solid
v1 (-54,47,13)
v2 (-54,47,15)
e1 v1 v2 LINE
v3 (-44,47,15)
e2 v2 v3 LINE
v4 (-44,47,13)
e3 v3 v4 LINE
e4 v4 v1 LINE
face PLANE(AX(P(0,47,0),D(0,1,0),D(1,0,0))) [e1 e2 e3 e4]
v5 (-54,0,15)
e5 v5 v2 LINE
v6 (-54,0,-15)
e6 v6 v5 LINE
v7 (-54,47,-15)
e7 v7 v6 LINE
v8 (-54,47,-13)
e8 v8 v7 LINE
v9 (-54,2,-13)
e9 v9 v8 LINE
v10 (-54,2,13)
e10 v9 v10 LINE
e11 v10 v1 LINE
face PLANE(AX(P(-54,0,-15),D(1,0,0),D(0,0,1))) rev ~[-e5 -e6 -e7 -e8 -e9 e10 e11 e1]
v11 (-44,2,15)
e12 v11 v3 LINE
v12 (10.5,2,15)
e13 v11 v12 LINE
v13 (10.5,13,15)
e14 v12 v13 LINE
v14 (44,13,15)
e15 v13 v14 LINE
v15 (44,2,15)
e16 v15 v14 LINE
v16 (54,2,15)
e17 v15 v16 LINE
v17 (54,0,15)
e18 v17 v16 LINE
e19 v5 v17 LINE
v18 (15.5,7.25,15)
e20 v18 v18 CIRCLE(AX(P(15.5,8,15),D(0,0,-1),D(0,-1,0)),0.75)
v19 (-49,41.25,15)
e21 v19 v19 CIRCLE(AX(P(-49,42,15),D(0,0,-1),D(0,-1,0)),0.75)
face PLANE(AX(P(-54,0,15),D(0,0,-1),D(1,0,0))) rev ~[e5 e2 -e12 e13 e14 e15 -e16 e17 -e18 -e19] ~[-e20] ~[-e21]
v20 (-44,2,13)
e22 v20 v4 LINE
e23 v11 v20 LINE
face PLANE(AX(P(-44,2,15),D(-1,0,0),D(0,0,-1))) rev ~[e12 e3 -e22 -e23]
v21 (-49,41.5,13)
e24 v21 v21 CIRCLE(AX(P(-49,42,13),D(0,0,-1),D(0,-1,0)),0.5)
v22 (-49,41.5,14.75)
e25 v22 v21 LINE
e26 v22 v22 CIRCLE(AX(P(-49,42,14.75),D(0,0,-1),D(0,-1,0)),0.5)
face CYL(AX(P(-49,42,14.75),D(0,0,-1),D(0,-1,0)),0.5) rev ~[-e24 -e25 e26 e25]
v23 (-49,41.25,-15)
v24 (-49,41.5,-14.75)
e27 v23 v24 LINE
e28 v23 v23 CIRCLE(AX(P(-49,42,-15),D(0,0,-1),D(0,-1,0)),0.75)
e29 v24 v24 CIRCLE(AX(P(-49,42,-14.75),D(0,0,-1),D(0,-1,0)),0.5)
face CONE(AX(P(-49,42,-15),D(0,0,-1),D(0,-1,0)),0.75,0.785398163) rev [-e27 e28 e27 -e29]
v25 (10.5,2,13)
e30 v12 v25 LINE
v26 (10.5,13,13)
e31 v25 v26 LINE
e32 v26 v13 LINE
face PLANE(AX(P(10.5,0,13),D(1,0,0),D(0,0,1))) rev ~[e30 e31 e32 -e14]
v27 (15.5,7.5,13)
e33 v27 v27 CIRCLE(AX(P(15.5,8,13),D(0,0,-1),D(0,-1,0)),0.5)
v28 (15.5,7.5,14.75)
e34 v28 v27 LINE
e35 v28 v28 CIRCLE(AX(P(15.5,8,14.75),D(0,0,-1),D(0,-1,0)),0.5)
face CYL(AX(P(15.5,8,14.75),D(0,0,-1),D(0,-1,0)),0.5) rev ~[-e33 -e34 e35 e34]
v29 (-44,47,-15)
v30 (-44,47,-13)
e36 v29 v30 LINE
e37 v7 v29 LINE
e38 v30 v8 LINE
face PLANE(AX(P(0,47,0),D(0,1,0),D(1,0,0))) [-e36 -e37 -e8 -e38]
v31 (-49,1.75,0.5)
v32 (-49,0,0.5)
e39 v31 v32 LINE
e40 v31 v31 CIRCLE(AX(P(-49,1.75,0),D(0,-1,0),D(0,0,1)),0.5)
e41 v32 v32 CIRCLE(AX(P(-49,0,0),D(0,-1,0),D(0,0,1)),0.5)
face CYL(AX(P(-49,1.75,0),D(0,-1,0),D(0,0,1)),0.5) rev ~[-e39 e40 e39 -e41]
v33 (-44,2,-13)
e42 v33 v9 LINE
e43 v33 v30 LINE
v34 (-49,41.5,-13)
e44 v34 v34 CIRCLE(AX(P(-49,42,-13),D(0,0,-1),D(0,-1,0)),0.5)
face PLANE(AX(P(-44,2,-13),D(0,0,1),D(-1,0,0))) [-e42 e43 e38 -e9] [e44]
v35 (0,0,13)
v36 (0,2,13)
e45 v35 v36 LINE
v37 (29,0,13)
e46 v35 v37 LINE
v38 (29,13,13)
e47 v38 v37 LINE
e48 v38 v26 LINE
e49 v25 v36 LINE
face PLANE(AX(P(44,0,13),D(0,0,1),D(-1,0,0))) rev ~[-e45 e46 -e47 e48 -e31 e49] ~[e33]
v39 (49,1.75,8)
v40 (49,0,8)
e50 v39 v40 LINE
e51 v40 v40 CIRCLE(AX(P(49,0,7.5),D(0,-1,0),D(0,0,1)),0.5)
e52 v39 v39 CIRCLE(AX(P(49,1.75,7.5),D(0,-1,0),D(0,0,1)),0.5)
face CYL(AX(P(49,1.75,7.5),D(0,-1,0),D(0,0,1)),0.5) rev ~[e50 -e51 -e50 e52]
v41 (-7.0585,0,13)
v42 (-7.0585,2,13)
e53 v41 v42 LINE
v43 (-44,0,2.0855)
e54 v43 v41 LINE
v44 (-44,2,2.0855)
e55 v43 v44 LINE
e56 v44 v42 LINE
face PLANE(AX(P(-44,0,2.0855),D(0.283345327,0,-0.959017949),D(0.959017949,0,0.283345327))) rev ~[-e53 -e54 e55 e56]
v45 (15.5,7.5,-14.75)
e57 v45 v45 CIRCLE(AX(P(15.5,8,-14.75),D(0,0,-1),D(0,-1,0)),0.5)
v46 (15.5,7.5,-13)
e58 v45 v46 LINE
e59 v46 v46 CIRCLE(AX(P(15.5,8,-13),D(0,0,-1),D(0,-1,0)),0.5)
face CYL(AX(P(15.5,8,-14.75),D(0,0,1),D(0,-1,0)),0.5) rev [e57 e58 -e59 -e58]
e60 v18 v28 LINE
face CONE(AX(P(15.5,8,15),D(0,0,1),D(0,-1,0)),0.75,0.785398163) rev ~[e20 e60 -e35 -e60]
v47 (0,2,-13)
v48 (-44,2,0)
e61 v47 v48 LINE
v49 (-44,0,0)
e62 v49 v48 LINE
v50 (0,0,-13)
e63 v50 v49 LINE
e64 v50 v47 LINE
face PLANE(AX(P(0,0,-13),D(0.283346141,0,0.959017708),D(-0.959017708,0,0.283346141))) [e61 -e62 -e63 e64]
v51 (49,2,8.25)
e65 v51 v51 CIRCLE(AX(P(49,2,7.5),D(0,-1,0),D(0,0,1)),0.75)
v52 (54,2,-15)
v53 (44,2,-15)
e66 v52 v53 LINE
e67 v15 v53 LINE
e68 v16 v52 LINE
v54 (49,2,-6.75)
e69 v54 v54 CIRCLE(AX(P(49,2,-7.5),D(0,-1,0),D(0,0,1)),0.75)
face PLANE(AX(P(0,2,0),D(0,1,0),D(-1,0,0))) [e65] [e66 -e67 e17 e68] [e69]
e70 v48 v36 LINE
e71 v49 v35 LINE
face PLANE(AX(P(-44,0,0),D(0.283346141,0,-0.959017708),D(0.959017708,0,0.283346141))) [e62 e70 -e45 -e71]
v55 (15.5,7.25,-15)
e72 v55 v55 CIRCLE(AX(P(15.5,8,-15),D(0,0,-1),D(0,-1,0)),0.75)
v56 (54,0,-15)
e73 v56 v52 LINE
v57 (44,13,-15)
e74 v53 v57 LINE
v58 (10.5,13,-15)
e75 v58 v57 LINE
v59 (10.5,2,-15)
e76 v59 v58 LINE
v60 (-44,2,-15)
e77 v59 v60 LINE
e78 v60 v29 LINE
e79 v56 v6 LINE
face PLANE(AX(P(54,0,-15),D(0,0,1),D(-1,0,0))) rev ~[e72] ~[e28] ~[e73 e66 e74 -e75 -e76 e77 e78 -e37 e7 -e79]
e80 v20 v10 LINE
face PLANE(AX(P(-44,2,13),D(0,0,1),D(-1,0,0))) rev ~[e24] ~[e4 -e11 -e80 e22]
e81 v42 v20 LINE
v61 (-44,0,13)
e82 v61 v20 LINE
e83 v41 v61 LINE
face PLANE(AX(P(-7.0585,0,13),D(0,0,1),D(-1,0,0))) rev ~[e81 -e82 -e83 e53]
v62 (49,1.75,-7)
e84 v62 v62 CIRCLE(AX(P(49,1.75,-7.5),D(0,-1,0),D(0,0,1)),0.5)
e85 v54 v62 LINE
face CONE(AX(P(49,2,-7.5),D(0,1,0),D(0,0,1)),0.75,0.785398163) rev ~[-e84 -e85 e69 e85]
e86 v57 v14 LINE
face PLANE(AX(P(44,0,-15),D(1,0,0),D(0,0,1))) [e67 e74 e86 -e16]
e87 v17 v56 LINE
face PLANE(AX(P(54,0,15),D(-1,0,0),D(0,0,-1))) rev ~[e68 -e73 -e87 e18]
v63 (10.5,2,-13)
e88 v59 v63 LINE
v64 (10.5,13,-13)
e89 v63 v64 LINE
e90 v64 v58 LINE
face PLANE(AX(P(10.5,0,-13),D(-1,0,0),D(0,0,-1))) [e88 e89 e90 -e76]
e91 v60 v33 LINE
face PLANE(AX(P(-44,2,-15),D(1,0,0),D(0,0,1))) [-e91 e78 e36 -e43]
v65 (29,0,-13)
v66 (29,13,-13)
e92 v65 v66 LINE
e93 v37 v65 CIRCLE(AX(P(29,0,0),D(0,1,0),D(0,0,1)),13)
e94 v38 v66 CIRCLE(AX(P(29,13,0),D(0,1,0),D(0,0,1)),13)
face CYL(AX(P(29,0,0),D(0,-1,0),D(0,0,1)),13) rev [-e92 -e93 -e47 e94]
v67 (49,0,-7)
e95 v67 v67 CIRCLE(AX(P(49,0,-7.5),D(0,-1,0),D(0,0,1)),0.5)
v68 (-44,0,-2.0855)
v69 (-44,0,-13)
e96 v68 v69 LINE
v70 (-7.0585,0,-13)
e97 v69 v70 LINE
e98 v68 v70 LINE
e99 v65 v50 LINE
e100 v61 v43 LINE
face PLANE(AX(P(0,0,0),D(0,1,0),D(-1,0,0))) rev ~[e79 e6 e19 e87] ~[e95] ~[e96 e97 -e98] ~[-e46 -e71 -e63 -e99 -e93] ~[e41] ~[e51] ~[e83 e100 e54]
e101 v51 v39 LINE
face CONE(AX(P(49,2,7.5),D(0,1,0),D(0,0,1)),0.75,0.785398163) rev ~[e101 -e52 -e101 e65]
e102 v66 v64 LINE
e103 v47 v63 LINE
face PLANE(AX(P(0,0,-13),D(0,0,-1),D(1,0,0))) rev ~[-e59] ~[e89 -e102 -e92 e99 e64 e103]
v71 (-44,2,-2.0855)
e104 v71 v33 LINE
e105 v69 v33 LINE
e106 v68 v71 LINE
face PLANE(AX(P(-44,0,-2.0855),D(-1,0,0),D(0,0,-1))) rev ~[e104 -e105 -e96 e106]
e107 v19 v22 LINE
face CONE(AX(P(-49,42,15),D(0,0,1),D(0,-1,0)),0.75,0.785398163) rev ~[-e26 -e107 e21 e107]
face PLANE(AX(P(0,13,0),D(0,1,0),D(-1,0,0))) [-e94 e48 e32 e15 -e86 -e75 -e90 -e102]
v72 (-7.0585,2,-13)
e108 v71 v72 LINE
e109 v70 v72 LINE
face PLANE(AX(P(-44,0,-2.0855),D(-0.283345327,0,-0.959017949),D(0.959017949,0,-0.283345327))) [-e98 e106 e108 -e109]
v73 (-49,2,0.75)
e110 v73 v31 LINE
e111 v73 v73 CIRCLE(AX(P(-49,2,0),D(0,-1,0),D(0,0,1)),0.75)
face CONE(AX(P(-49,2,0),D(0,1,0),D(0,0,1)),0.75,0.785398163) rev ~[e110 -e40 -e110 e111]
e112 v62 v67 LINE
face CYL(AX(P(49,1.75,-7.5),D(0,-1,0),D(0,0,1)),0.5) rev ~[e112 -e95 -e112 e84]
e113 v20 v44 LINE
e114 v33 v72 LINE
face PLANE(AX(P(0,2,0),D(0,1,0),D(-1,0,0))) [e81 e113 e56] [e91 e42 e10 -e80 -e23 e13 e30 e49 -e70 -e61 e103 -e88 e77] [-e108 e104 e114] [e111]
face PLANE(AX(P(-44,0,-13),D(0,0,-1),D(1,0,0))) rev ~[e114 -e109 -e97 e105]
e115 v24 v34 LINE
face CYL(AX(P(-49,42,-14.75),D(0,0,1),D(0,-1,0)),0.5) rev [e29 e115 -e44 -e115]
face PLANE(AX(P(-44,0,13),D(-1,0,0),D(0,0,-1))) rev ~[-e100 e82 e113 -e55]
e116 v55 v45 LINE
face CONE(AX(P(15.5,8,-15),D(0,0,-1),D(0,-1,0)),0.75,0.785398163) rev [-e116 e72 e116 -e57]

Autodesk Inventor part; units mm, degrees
ref_plane "YZ Plane" through (0, 0, 0) normal (1, 0, 0) x (0, 1, 0)
ref_plane "XZ Plane" through (0, 0, 0) normal (0, 1, 0) x (-1, 0, 0)
ref_plane "XY Plane" through (0, 0, 0) normal (0, 0, 1) x (1, 0, 0)
sketch "Эскиз1" plane through (0, 0, 0) normal (0, 1, 0) x (-1, 0, 0)
  line L0 (54, 15) -> (-54, 15)
  line L1 (-54, 15) -> (-54, -15)
  line L2 (-54, -15) -> (54, -15)
  line L3 (54, -15) -> (54, 15)
  line L4 (-54, 15) -> (54, -15) construction
  line L5 (-54, -15) -> (54, 15) construction
  line L6 (0, -21) -> (0, 21) construction
  line L7 (44, -13) -> (7.0585, -13)
  line L8 (-44, -13) -> (-44, 13)
  line L9 (-44, 13) -> (0, 13)
  line L10 (44, 13) -> (44, 2.0855)
  line L11 (75.6, 0) -> (-75.6, 0) construction
  line L12 (49, -15) -> (49, 15) construction
  line L13 (0, -13) -> (44, 0)
  line L14 (44, -2.0855) -> (7.0585, -13)
  line L15 (0, -15) -> (0, -13) construction
  line L16 (0, 13) -> (0, 15) construction
  line L17 (44, -2.0855) -> (43.4333, -0.1674) construction
  line L18 (44, 0) -> (0, 13)
  line L19 (44, 2.0855) -> (7.0585, 13)
  line L20 (44, 2.0855) -> (43.4333, 0.1674) construction
  line L21 (44, 2.0855) -> (44, -2.0855) construction
  line L22 (44, -2.0855) -> (44, -13)
  line L23 (7.0585, -13) -> (0, -13) construction
  line L24 (0, -13) -> (-44, -13)
  line L25 (7.0585, 13) -> (44, 13)
  line L26 (0, 13) -> (7.0585, 13) construction
  point P0 (0, 0)
  point P1 (0, -14)
  point P2 (0, 14)
  point P3 (0, 0)
  dimension "d0" = 108
  dimension "d8" = 10
  dimension "d9" = 5
  dimension "d28" = 26
  dimension "d46" = 2
  dimension "d47" = 10
extrude "Выдавливание1" add sketch "Эскиз1" along normal blind 2
sketch "Эскиз2" plane through (0, 0, 0) normal (0, 1, 0) x (-1, 0, 0)
  line L0 (-42, -13) -> (-42, 13) construction
  line L1 (-42, -13) -> (-29, -13) construction
  line L2 (-10.5, -13) -> (-10.5, -15)
  line L3 (-10.5, -15) -> (-44, -15)
  line L4 (-42, 13) -> (-29, 13) construction
  line L5 (-10.5, 15) -> (-44, 15)
  line L6 (-10.5, 13) -> (-10.5, 15)
  arc A0 (-29, 13) -> (-29, -13) centre (-29, 0) ccw
  line L7 (-29, -13) -> (-10.5, -13)
  line L8 (-29, 13) -> (-10.5, 13)
  line L9 (-44, -15) -> (-44, 15)
  line L10 (-44, -13) -> (-44, 13) construction
  line L11 (0, -13) -> (-44, -13) construction
  line L12 (-54, -15) -> (54, -15) construction
  line L13 (-44, 13) -> (0, 13) construction
  line L14 (54, 15) -> (-54, 15) construction
  point P0 (0, 0)
  dimension "d17" = 31.5
  dimension "d48" = 2
extrude "Выдавливание2" add sketch "Эскиз2" along normal blind 13
sketch "Эскиз4" plane through (0, 2, 0) normal (0, 1, 0) x (1, 0, 0)
  line L0 (-54, 15) -> (-54, -15) construction
  line L1 (-44, 13) -> (-54, 13)
  line L2 (-54, 13) -> (-54, 15)
  line L3 (-54, 15) -> (-44, 15)
  line L4 (-44, 15) -> (-44, 13)
  line L5 (44, -13) -> (0, -13) construction
  line L6 (-54, -15) -> (54, -15) construction
  line L7 (-44, -13) -> (-54, -13)
  line L8 (-54, -13) -> (-54, -15)
  line L9 (-54, -15) -> (-44, -15)
  line L10 (-44, -15) -> (-44, -13)
  point P0 (0, 0)
  point P1 (10.5, -13)
  point P2 (-44, -15)
extrude "Выдавливание4" add sketch "Эскиз4" along normal blind 45
sketch "Эскиз3" plane through (-54, 0, 15) normal (0, 0, 1) x (1, 0, 0)
  line L0 (64.5, 2) -> (64.5, 13) construction
  line L1 (64.5, 13) -> (74.5, 13) construction
  line L2 (74.5, 13) -> (74.5, 3) construction
  line L3 (74.5, 3) -> (64.5, 3) construction
  line L4 (64.5, 3) -> (64.5, 13) construction
  line L5 (64.5, 2) -> (54, 2) construction
  line L6 (74.5, 3) -> (64.5, 13) construction
  line L7 (74.5, 13) -> (64.5, 3) construction
  circle A0 centre (69.5, 8) radius 0.5
  line L8 (0, 47) -> (10, 47) construction
  line L9 (10, 2) -> (10, 47) construction
  line L10 (0, 47) -> (10, 47) construction
  line L11 (10, 47) -> (10, 37) construction
  line L12 (10, 37) -> (0, 37) construction
  line L13 (0, 37) -> (0, 47) construction
  line L14 (0, 37) -> (10, 47) construction
  line L15 (0, 0) -> (0, 47) construction
  line L16 (10, 37) -> (0, 47) construction
  circle A1 centre (5, 42) radius 0.5
  point P0 (54, 0)
  point P1 (128, 2)
  dimension "d20" = 10
  dimension "d21" = 1
  dimension "d26" = 10
  dimension "d27" = 1
hole "Отверстие1" at (-49, 42, 15) at (15.5, 8, 15) direction (0, 0, -1) diameter 1 depth 2 countersink diameter 1.5 countersink angle 90
mirror "Зеркальное отражение1" about plane through (0, 0, 0) normal (0, 0, 1) of "Отверстие1"
sketch "Эскиз5" plane through (0, 2, 0) normal (0, 1, 0) x (1, 0, 0)
  line L0 (10.5, 13) -> (10.5, 15) construction
  line L1 (-44, 15) -> (10.5, 15) construction
  line L2 (-54, 15) -> (-44, 15) construction
  line L3 (-54, 13) -> (-54, 15) construction
  line L4 (-44, 13) -> (-54, 13) construction
  line L5 (-44, -13) -> (-44, -15) construction
  line L6 (-44, -15) -> (-54, -15) construction
  line L7 (-54, -15) -> (-54, -13) construction
  line L8 (-54, -13) -> (-54, 13) construction
  line L9 (10.5, -15) -> (10.5, -13) construction
  line L10 (10.5, 15) -> (44, 15) construction
  line L11 (54, -15) -> (44, -15) construction
  line L12 (54, 15) -> (54, -15) construction
  line L13 (44, 15) -> (54, 15) construction
  line L14 (-44, 15) -> (-44, 13) construction
  line L15 (-54, -13) -> (-44, -13) construction
  line L16 (44, -15) -> (10.5, -15) construction
  line L17 (54, 15) -> (-54, 15) construction
  line L18 (54, 15) -> (44, 0) construction
  line L19 (-54, -15) -> (54, -15) construction
  line L20 (54, -15) -> (44, 0) construction
  line L21 (-54, 13) -> (-44, -13) construction
  line L22 (-44, -13) -> (-44, -2.0855) construction
  line L23 (-54, -13) -> (-44, 13) construction
  line L24 (54, -15) -> (54, 15) construction
  line L25 (54, 0) -> (44, 15) construction
  line L26 (44, -15) -> (54, 0) construction
  circle A0 centre (-49, 0) radius 0.5
  circle A1 centre (49, 7.5) radius 0.5
  circle A2 centre (49, -7.5) radius 0.5
  line L27 (-44, 2.0855) -> (-7.0585, 13) projected
  line L28 (-7.0585, 13) -> (-44, 13) projected
  line L29 (-44, -13) -> (-7.0585, -13) projected
  line L30 (-7.0585, -13) -> (-44, -2.0855) projected
  line L31 (-44, -2.0855) -> (-44, -13) projected
  line L32 (-44, 13) -> (-44, 2.0855) projected
  line L33 (10.5, 13) -> (0, 13) projected
  line L34 (0, 13) -> (-44, 0) projected
  line L35 (-44, 0) -> (0, -13) projected
  line L36 (0, -13) -> (10.5, -13) projected
  line L37 (10.5, -13) -> (29, -13) projected
  arc A3 (29, -13) -> (29, 13) centre (29, 0) ccw projected
  line L38 (29, 13) -> (10.5, 13) projected
  line L39 (44, 15) -> (44, -15) projected
  line L40 (10.5, -15) -> (-44, -15) projected
  point P0 (0, 0)
  dimension "d38" = 1
hole "Отверстие2" at (-49, 2, 0) at (49, 2, 7.5) at (49, 2, -7.5) direction (0, -1, 0) diameter 1 end through all countersink diameter 1.5 countersink angle 90
properties part number "frame"
